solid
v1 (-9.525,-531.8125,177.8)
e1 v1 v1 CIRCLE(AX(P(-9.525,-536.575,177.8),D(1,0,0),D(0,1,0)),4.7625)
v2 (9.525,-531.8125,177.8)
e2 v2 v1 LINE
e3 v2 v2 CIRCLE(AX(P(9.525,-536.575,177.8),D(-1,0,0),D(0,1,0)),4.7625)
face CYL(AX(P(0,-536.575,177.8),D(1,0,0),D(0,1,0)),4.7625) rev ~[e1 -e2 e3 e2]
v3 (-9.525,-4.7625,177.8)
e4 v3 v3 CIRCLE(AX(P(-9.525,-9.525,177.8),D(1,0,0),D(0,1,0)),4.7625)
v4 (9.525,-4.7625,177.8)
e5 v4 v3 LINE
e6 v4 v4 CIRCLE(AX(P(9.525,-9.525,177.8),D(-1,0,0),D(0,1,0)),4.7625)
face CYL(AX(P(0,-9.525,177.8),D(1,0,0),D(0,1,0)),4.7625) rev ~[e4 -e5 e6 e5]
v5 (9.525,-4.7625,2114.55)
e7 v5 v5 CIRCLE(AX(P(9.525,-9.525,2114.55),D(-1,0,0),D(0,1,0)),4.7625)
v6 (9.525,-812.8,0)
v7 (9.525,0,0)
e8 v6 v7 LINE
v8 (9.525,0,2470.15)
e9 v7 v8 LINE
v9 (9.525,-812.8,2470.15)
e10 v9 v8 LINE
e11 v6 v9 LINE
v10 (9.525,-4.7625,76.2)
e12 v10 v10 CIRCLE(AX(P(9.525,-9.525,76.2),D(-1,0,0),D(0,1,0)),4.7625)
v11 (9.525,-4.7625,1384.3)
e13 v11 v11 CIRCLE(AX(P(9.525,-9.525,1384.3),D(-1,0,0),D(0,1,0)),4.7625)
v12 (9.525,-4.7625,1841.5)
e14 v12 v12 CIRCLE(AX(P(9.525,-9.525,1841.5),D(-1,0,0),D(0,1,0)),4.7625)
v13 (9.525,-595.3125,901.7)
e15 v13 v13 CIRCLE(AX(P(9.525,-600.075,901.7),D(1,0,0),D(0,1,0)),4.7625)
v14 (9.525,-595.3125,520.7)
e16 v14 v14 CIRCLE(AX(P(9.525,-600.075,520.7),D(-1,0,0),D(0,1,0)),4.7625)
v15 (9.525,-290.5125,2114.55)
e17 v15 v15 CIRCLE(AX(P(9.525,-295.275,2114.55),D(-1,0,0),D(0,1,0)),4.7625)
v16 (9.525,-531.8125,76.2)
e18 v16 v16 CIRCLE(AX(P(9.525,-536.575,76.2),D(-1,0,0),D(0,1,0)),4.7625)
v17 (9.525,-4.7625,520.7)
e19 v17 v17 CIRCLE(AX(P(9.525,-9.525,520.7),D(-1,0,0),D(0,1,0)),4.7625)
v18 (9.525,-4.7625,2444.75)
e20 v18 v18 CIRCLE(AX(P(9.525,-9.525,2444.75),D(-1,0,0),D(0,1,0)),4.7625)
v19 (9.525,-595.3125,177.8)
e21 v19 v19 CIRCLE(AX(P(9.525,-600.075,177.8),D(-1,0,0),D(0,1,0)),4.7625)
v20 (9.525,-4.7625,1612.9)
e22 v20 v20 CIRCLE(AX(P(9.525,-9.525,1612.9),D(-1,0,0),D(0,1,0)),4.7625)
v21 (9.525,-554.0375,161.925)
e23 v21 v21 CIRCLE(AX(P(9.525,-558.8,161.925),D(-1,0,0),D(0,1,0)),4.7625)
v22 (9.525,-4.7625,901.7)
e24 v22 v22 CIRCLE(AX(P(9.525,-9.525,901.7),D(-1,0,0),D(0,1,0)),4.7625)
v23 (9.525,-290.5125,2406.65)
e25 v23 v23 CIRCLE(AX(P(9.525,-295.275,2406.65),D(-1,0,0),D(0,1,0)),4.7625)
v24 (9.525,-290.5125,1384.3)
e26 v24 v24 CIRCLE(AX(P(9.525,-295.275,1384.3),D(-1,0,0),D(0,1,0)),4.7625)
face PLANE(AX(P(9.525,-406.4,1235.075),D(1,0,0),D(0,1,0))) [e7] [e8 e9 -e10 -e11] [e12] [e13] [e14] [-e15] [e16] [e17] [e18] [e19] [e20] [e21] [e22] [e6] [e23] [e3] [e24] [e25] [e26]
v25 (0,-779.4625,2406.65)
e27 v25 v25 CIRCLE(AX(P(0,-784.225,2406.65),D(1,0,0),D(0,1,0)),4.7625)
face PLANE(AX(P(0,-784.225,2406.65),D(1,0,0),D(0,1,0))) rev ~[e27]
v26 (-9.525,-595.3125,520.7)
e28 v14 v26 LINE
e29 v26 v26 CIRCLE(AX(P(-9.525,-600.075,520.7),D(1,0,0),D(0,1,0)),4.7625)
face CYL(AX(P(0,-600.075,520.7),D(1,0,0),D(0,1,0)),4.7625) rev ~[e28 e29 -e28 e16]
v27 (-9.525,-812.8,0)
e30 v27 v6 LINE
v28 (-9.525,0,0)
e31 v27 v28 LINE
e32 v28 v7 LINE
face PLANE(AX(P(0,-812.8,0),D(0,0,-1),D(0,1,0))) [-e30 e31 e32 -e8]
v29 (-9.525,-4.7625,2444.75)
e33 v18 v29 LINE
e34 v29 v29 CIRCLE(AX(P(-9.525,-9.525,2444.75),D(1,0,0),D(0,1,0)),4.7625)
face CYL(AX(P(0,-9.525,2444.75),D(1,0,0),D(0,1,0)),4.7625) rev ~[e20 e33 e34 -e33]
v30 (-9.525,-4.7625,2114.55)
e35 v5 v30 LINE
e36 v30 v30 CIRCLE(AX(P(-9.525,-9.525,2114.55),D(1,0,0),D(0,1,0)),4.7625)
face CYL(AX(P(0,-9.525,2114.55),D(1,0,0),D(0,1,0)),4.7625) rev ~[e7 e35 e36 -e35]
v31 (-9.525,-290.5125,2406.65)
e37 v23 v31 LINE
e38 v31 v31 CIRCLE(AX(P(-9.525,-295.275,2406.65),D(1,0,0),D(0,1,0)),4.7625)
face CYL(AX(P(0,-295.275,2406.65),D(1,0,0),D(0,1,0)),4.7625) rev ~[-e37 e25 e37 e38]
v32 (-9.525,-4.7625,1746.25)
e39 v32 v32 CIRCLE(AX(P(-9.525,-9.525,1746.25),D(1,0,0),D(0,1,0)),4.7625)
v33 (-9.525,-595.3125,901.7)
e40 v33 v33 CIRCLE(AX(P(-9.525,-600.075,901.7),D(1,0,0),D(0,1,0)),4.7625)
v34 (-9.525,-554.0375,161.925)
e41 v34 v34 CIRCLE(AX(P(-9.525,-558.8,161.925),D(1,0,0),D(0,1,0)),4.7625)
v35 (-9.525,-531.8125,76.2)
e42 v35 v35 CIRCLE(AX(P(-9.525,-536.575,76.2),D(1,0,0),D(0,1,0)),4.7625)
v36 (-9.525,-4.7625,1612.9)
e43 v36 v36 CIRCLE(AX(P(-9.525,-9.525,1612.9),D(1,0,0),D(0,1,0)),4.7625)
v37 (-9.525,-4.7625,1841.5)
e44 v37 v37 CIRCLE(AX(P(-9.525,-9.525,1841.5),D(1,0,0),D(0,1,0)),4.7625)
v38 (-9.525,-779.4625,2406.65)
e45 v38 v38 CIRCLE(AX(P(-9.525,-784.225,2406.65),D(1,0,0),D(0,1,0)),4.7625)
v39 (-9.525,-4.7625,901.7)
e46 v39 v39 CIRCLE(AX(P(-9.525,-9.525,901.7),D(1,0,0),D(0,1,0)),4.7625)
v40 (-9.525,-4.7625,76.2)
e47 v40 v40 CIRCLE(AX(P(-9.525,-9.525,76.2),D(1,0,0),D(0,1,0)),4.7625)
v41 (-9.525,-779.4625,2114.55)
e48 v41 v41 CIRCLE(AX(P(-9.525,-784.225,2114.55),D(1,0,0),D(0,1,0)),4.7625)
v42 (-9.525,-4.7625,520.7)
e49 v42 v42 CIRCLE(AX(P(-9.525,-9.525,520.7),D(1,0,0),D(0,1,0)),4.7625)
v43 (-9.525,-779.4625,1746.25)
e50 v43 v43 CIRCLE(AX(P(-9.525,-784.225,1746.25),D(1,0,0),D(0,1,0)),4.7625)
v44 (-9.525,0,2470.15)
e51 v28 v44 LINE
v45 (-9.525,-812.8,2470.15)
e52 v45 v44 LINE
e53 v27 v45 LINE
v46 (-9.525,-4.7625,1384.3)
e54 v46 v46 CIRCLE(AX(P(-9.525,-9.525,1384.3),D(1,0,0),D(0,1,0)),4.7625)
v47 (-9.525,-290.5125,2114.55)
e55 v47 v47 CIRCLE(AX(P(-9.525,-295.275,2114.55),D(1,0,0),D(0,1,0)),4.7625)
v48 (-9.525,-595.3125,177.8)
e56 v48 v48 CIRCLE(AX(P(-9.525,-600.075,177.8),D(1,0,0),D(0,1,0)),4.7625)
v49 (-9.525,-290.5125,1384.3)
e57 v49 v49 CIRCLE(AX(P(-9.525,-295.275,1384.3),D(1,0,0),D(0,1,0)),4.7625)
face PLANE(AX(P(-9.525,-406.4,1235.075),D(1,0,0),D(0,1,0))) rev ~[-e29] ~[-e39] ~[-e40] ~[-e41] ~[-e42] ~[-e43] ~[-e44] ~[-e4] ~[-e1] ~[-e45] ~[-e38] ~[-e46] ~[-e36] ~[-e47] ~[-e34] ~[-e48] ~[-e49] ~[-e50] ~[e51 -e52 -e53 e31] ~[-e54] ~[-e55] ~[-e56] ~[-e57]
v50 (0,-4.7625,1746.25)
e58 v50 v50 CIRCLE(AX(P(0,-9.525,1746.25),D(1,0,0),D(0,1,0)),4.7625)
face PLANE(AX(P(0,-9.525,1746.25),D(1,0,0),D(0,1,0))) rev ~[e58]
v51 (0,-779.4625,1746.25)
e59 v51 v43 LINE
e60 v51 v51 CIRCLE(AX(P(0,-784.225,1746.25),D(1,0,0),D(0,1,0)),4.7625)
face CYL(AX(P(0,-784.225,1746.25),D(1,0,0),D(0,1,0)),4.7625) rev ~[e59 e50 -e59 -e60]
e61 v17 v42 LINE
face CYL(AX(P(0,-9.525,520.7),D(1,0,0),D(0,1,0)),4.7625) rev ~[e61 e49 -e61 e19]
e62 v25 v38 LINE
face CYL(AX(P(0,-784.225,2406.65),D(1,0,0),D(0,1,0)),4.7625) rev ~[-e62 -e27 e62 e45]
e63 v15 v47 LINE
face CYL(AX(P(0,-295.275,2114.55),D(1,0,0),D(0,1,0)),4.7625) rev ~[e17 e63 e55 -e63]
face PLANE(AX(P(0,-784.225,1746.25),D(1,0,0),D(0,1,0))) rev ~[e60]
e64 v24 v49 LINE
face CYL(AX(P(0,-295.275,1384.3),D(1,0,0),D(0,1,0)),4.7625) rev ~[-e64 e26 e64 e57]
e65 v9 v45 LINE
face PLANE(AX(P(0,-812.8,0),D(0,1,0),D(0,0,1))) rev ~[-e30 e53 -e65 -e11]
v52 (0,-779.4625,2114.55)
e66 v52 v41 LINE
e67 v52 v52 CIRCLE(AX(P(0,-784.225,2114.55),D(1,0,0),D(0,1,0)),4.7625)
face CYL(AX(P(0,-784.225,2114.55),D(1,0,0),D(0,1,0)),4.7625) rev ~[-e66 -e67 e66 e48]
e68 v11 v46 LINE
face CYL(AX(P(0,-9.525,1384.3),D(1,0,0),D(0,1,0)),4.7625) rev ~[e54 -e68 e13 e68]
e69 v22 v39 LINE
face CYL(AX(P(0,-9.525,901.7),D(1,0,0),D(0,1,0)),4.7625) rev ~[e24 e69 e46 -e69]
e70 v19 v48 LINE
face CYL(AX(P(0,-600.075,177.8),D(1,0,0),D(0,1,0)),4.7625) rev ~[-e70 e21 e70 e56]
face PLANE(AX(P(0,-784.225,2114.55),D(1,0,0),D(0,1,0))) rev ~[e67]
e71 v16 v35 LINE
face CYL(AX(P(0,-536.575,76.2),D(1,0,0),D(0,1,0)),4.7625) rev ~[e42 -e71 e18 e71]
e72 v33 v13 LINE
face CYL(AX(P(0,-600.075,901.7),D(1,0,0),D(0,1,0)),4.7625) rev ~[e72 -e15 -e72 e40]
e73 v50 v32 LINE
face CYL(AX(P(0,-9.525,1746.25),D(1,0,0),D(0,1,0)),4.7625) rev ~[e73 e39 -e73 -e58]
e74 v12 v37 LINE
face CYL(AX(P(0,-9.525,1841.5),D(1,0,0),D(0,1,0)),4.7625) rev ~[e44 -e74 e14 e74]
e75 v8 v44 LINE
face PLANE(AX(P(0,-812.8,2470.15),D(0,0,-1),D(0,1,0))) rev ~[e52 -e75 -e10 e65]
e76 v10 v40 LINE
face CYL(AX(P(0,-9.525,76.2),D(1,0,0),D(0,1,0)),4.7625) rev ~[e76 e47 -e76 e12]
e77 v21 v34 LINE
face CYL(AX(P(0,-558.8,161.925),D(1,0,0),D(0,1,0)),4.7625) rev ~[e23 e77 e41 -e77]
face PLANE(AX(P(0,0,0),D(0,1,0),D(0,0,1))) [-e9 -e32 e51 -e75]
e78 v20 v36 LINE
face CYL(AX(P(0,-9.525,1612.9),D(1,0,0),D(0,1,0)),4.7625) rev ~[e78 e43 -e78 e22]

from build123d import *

# Parameters (mm, degrees)
F0_W     = 812.8
F0_H     = 2470.15
F1_DEPTH = 9.525
F2_R     = 4.7625
F3_DEPTH = 12.7
F4_R     = 4.7625
F5_DEPTH = 25.4


with BuildPart() as f1:
    # F0 (on Right) → F1 (new body, symmetric)
    with BuildSketch(Plane.YZ):
        with Locations((-406.4, 1235.075)):
            Rectangle(F0_W, F0_H)
    extrude(amount=F1_DEPTH, both=True)

    # F2 (on Right) → F3 (cut, symmetric)
    with BuildSketch(Plane.YZ):
        with Locations((-295.275, 1384.3)):
            Circle(F2_R)
        with Locations((-295.275, 2114.55)):
            Circle(F2_R)
        with Locations((-295.275, 2406.65)):
            Circle(F2_R)
        with Locations((-9.525, 2444.75)):
            Circle(F2_R)
        with Locations((-9.525, 2114.55)):
            Circle(F2_R)
        with Locations((-9.525, 1384.3)):
            Circle(F2_R)
        with Locations((-9.525, 1612.9)):
            Circle(F2_R)
        with Locations((-9.525, 1841.5)):
            Circle(F2_R)
        with Locations((-9.525, 76.2)):
            Circle(F2_R)
        with Locations((-9.525, 177.8)):
            Circle(F2_R)
        with Locations((-9.525, 520.7)):
            Circle(F2_R)
        with Locations((-9.525, 901.7)):
            Circle(F2_R)
        with Locations((-536.575, 76.2)):
            Circle(F2_R)
        with Locations((-536.575, 177.8)):
            Circle(F2_R)
        with Locations((-600.075, 177.8)):
            Circle(F2_R)
        with Locations((-558.8, 161.925)):
            Circle(F2_R)
        with Locations((-600.075, 520.7)):
            Circle(F2_R)
        with Locations((-600.075, 901.7)):
            Circle(F2_R)
    extrude(amount=F3_DEPTH, both=True, mode=Mode.SUBTRACT)

    # F4 (on Right) → F5 (cut)
    with BuildSketch(Plane.YZ):
        with Locations((-784.225, 1746.25)):
            Circle(F4_R)
        with Locations((-784.225, 2114.55)):
            Circle(F4_R)
        with Locations((-784.225, 2406.65)):
            Circle(F4_R)
        with Locations((-9.525, 1746.25)):
            Circle(F4_R)
    extrude(amount=-F5_DEPTH, mode=Mode.SUBTRACT)


solid = f1.part
